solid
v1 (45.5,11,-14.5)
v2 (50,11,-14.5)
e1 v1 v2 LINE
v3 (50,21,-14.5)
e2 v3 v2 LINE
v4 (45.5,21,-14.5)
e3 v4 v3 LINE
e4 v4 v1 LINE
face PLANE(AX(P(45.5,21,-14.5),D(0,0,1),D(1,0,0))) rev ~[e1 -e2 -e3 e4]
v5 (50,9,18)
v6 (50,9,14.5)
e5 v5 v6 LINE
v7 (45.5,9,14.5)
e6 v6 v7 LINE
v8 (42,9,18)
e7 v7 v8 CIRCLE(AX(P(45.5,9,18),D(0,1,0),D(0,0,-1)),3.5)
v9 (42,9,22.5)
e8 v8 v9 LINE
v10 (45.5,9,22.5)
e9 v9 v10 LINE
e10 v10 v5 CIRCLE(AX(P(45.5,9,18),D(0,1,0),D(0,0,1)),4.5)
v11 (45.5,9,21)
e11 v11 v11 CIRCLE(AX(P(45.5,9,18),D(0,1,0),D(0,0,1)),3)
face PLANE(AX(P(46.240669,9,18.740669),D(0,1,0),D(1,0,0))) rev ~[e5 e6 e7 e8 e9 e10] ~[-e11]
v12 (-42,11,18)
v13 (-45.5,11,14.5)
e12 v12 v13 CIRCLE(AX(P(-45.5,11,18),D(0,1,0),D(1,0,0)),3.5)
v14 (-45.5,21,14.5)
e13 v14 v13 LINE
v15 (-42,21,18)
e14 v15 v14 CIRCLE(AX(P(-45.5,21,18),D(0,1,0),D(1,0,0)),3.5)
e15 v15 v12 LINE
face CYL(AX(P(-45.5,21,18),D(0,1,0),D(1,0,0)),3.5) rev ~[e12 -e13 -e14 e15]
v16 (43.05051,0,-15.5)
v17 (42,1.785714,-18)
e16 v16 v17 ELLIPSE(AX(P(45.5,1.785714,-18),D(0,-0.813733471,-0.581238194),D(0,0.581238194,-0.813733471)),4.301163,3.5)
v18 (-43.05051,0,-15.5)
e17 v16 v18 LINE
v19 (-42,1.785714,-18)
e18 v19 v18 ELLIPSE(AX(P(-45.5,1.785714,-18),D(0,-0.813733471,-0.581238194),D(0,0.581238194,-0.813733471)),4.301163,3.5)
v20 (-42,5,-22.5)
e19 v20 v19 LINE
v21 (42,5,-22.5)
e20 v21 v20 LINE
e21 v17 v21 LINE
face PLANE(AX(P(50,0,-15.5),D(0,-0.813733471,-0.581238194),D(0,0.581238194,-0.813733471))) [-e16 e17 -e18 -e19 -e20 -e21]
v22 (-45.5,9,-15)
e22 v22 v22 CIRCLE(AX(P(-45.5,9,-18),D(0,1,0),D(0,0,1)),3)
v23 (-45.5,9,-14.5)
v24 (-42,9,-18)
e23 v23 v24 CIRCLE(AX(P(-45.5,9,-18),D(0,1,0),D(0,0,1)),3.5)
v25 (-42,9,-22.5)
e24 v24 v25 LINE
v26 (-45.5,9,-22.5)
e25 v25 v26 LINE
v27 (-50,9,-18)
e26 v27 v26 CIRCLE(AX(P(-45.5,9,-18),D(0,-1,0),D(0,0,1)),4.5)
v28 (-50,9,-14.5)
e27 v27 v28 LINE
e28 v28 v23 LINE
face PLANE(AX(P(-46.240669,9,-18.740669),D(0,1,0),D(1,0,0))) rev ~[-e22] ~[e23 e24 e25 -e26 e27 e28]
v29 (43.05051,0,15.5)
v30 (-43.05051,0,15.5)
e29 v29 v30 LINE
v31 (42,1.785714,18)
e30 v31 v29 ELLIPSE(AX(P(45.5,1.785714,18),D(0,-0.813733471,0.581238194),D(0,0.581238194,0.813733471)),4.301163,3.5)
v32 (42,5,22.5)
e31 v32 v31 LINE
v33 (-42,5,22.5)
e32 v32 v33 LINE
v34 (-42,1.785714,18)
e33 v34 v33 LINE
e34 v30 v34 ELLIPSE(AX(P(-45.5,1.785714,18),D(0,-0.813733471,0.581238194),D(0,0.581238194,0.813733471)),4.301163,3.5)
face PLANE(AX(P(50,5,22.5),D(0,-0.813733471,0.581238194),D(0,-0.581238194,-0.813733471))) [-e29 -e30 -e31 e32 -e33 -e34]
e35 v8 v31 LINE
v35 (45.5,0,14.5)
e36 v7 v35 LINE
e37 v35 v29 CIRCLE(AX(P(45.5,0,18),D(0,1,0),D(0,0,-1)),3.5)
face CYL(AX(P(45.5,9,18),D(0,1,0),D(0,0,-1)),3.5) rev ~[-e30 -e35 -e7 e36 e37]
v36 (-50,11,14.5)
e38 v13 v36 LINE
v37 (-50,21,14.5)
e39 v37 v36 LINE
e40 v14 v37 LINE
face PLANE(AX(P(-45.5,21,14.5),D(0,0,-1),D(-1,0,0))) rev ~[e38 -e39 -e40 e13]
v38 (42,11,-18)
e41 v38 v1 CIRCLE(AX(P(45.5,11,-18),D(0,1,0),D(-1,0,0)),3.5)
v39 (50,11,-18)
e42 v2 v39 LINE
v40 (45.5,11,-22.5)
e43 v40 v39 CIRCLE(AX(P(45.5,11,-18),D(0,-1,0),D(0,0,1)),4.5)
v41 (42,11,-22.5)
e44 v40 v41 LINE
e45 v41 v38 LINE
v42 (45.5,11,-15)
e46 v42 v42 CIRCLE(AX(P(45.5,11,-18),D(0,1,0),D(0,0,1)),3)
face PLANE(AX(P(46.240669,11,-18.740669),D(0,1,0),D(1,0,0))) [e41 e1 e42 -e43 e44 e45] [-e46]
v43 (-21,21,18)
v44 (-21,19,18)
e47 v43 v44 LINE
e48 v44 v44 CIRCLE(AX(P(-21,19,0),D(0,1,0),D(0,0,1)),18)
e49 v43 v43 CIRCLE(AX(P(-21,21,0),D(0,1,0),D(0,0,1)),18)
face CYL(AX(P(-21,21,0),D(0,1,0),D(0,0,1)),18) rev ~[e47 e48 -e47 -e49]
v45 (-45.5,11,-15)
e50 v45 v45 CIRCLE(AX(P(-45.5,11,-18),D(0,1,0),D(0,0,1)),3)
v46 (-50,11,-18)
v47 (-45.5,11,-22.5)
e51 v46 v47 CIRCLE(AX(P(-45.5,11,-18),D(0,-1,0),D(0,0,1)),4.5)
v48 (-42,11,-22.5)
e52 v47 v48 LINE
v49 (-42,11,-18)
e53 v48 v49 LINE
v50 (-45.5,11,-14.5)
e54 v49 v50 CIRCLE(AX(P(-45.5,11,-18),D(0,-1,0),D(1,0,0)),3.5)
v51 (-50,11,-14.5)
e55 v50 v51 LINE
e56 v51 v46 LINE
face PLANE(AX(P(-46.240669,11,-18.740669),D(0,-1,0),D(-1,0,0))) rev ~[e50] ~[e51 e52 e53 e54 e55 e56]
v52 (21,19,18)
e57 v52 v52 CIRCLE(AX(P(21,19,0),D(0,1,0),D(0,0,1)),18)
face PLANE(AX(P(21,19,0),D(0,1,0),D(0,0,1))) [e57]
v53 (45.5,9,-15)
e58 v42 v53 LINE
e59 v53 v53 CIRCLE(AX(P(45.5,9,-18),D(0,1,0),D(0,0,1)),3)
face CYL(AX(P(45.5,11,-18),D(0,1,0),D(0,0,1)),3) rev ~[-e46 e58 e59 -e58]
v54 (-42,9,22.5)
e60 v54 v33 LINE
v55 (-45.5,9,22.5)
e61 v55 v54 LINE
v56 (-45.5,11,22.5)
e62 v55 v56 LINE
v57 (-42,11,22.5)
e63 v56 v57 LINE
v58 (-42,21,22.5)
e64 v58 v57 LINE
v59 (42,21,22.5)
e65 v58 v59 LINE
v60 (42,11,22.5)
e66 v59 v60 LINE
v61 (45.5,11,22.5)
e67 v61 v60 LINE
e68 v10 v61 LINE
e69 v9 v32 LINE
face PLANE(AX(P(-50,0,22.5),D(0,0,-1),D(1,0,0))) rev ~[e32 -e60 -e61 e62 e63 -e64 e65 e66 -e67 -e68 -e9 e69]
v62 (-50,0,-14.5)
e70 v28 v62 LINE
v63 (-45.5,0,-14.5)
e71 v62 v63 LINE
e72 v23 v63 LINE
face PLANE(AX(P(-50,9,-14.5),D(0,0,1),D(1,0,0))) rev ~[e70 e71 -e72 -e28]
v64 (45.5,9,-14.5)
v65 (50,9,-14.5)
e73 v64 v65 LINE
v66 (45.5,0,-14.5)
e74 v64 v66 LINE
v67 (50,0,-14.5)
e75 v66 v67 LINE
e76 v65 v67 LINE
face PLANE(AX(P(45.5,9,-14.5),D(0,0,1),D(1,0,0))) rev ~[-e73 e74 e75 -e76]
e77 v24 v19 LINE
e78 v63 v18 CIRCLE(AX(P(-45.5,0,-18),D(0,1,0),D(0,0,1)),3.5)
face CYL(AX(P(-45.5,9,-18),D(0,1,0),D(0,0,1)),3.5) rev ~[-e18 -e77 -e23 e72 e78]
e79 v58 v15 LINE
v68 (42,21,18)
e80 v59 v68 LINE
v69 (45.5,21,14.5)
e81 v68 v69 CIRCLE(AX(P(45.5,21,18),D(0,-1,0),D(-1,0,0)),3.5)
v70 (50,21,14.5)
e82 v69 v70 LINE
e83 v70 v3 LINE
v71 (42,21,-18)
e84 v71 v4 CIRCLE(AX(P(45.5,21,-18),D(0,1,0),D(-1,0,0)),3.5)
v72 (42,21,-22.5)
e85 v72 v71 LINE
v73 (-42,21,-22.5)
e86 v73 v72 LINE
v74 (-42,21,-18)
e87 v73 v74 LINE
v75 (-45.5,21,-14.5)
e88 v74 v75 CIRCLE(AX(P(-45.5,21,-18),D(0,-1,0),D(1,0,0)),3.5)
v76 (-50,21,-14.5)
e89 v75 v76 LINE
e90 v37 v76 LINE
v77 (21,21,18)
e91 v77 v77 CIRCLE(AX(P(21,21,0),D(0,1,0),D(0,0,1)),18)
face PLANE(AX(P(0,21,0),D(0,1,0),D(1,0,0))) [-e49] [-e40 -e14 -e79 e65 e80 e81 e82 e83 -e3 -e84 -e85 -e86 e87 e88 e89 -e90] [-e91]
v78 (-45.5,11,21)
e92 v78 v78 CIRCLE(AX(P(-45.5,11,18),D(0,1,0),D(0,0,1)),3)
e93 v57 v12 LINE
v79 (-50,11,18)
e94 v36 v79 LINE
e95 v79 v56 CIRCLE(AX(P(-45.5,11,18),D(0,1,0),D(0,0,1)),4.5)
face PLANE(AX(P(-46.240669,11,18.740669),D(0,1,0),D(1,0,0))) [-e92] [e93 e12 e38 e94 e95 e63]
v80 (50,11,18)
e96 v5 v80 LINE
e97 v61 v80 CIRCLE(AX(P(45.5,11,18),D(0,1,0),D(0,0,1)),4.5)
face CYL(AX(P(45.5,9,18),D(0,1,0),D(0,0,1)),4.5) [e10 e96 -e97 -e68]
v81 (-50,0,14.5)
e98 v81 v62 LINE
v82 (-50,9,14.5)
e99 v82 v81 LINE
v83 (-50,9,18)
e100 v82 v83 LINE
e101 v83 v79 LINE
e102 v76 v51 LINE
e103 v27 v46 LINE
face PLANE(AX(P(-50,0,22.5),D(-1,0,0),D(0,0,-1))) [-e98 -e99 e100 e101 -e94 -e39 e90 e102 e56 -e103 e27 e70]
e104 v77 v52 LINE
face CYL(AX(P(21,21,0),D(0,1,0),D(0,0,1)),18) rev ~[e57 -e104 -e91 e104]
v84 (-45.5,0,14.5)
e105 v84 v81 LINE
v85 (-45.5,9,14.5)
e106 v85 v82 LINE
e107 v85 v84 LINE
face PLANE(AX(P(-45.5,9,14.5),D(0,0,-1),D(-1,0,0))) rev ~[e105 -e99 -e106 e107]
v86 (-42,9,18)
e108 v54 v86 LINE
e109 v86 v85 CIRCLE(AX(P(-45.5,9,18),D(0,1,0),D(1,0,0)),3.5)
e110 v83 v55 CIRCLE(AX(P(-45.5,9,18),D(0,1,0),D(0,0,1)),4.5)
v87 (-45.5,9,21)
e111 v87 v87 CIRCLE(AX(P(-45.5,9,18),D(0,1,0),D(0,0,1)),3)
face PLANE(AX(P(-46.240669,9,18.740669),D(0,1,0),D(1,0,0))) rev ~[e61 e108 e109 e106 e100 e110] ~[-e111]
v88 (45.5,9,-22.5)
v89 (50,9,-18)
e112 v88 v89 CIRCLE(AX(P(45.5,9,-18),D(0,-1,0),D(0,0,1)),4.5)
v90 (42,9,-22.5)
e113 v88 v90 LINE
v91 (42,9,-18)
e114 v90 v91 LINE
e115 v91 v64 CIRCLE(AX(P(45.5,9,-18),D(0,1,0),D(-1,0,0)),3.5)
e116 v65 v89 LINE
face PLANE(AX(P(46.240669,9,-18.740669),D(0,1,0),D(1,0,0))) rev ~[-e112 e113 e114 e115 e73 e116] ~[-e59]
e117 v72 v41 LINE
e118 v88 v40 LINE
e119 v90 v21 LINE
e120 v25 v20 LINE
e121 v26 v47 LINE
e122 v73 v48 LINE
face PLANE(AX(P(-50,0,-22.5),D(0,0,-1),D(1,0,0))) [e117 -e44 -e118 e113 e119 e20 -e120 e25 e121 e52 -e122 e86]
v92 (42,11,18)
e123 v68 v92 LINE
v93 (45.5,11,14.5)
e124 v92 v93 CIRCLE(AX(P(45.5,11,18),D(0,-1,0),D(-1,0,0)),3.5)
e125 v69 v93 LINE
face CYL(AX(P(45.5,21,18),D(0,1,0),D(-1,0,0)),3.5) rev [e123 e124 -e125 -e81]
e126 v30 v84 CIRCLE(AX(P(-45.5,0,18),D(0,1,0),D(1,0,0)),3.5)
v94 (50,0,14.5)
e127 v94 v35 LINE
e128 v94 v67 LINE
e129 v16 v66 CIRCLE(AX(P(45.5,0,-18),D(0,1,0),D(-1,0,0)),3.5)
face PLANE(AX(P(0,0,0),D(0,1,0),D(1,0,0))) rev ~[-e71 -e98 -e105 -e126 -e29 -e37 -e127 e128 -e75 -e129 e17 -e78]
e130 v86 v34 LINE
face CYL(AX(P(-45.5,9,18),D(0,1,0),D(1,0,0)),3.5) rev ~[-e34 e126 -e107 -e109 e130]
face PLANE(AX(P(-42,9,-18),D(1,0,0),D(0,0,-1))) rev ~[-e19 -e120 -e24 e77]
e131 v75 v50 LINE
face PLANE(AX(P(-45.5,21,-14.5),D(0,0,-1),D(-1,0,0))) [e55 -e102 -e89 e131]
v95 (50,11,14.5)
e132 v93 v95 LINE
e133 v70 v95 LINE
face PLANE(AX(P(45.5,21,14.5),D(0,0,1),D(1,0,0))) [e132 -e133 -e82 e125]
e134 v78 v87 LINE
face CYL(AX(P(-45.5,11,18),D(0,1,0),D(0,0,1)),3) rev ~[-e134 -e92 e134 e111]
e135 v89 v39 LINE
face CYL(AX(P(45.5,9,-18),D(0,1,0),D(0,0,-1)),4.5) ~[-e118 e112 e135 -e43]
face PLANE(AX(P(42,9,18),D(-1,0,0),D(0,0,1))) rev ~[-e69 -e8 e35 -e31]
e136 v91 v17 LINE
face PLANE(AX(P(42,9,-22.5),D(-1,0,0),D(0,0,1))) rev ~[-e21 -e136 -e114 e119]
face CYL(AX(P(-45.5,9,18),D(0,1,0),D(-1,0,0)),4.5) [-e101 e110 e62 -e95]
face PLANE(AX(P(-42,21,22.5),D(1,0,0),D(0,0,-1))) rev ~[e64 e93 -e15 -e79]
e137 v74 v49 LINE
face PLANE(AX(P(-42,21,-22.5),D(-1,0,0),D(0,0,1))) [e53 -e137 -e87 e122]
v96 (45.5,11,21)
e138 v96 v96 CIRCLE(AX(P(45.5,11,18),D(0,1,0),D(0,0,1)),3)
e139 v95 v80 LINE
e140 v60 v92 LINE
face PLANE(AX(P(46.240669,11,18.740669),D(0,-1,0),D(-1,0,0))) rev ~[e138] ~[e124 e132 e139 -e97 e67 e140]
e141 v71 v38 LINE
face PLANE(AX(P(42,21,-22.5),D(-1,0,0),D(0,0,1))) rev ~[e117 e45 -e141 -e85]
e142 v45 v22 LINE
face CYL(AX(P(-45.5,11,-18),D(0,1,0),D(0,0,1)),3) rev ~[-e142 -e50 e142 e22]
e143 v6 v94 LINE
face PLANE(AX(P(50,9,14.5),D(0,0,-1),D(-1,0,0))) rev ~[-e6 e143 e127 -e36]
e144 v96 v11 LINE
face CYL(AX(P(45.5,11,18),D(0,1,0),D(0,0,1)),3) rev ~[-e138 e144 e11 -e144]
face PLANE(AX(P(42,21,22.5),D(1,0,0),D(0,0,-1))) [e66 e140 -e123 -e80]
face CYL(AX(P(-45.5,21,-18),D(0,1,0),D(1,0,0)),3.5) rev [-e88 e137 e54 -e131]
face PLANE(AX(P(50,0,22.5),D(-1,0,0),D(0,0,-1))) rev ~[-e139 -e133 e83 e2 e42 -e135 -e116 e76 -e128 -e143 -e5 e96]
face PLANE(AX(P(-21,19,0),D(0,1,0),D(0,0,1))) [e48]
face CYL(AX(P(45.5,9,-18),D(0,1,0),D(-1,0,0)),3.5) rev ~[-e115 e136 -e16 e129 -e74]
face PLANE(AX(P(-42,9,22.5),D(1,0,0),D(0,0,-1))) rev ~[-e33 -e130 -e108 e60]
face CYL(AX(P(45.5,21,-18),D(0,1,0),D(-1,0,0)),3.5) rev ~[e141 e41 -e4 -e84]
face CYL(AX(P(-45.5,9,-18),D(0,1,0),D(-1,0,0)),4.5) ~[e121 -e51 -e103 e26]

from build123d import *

# Parameters (mm, degrees)
SKETCH1_W           = 100
SKETCH1_H           = 45
BOSS_EXTRUDE1_DEPTH = 21
CUT_EXTRUDE1_DEPTH  = 105.629106849
CUT_EXTRUDE2_DEPTH  = 10
CUT_EXTRUDE3_DEPTH  = 57.127087934
SKETCH6_R           = 3
CUT_EXTRUDE4_DEPTH  = 56.921820428
FILLET1_R           = 4.5
SKETCH7_R           = 18
CUT_EXTRUDE5_DEPTH  = 2


with BuildPart() as part:
    # Sketch1 → Boss-Extrude1 (new body)
    with BuildSketch(Plane(origin=(0, 0, 0), x_dir=(1, 0, 0), z_dir=(0, 1, 0))):
        Rectangle(SKETCH1_W, SKETCH1_H)
    extrude(amount=BOSS_EXTRUDE1_DEPTH)

    # Sketch2 → Cut-Extrude1 (cut, through all)
    with BuildSketch(Plane(origin=(50, 0, 0), x_dir=(0, 0, -1), z_dir=(1, 0, 0))):
        Polygon((-22.5, 0), (-22.5, 5), (-15.5, 0), align=None)
        Polygon((22.5, 0), (15.5, 0), (22.5, 5), align=None)
    extrude(amount=-CUT_EXTRUDE1_DEPTH, mode=Mode.SUBTRACT)

    # Sketch3 → Cut-Extrude2 (cut)
    with BuildSketch(Plane(origin=(0, 21, 0), x_dir=(1, 0, 0), z_dir=(0, 1, 0))):
        with BuildLine():
            Line((-42, 22.5), (-42, 18))
            ThreePointArc((-42, 18), (-43.025126266, 15.525126266), (-45.5, 14.5))
            Line((-45.5, 14.5), (-50, 14.5))
            Line((-50, 14.5), (-50, 22.5))
            Line((-50, 22.5), (-42, 22.5))
        make_face()
        with BuildLine():
            Line((-50, -22.5), (-42, -22.5))
            Line((-42, -22.5), (-42, -18))
            ThreePointArc((-42, -18), (-43.025126266, -15.525126266), (-45.5, -14.5))
            Line((-45.5, -14.5), (-50, -14.5))
            Line((-50, -14.5), (-50, -22.5))
        make_face()
        with BuildLine():
            Line((42, -22.5), (42, -18))
            ThreePointArc((42, -18), (43.025126266, -15.525126266), (45.5, -14.5))
            Line((45.5, -14.5), (50, -14.5))
            Line((50, -14.5), (50, -22.5))
            Line((50, -22.5), (42, -22.5))
        make_face()
        with BuildLine():
            Line((50, 22.5), (42, 22.5))
            Line((42, 22.5), (42, 18))
            ThreePointArc((42, 18), (43.025126266, 15.525126266), (45.5, 14.5))
            Line((45.5, 14.5), (50, 14.5))
            Line((50, 14.5), (50, 22.5))
        make_face()
    extrude(amount=-CUT_EXTRUDE2_DEPTH, mode=Mode.SUBTRACT)

    # Sketch5 → Cut-Extrude3 (cut, through all)
    with BuildSketch(Plane(origin=(0, 9, 0), x_dir=(1, 0, 0), z_dir=(0, 1, 0))):
        with BuildLine():
            Line((-45.5, -14.5), (-50, -14.5))
            Line((-50, -14.5), (-50, -22.5))
            Line((-50, -22.5), (-42, -22.5))
            Line((-42, -22.5), (-42, -18))
            ThreePointArc((-42, -18), (-43.025126266, -15.525126266), (-45.5, -14.5))
        make_face()
        with BuildLine():
            Line((42, -18), (42, -22.5))
            Line((42, -22.5), (50, -22.5))
            Line((50, -22.5), (50, -14.5))
            Line((50, -14.5), (45.5, -14.5))
            ThreePointArc((45.5, -14.5), (43.025126266, -15.525126266), (42, -18))
        make_face()
        with BuildLine():
            Line((45.5, 14.5), (50, 14.5))
            Line((50, 14.5), (50, 22.5))
            Line((50, 22.5), (42, 22.5))
            Line((42, 22.5), (42, 18))
            ThreePointArc((42, 18), (43.025126266, 15.525126266), (45.5, 14.5))
        make_face()
        with BuildLine():
            Line((-42, 22.5), (-50, 22.5))
            Line((-50, 22.5), (-50, 14.5))
            Line((-50, 14.5), (-45.5, 14.5))
            ThreePointArc((-45.5, 14.5), (-43.025126266, 15.525126266), (-42, 18))
            Line((-42, 18), (-42, 22.5))
        make_face()
    extrude(amount=-CUT_EXTRUDE3_DEPTH, mode=Mode.SUBTRACT)

    # Sketch6 → Cut-Extrude4 (cut, through all)
    with BuildSketch(Plane(origin=(0, 11, 0), x_dir=(1, 0, 0), z_dir=(0, 1, 0))):
        with Locations(Location((-45.5, 18, 0), (0, 0, 270))):
            Circle(SKETCH6_R)
        with Locations(Location((-45.5, -18, 0), (0, 0, 270))):
            Circle(SKETCH6_R)
        with Locations(Location((45.5, -18, 0), (0, 0, 270))):
            Circle(SKETCH6_R)
        with Locations(Location((45.5, 18, 0), (0, 0, 270))):
            Circle(SKETCH6_R)
    extrude(amount=-CUT_EXTRUDE4_DEPTH, mode=Mode.SUBTRACT)

    # Fillet1
    fillet1_edges = [part.edges().sort_by_distance(p)[0] for p in [
        (-50, 10, 22.5),
        (50, 10, 22.5),
        (-50, 10, -22.5),
        (50, 10, -22.5),
    ]]
    fillet(fillet1_edges, radius=FILLET1_R)

    # Sketch7 → Cut-Extrude5 (cut)
    with BuildSketch(Plane(origin=(0, 21, 0), x_dir=(1, 0, 0), z_dir=(0, 1, 0))):
        with Locations(Location((-21, 0, 0), (0, 0, 270))):
            Circle(SKETCH7_R)
        with Locations(Location((21, 0, 0), (0, 0, 270))):
            Circle(SKETCH7_R)
    extrude(amount=-CUT_EXTRUDE5_DEPTH, mode=Mode.SUBTRACT)


solid = part.part
